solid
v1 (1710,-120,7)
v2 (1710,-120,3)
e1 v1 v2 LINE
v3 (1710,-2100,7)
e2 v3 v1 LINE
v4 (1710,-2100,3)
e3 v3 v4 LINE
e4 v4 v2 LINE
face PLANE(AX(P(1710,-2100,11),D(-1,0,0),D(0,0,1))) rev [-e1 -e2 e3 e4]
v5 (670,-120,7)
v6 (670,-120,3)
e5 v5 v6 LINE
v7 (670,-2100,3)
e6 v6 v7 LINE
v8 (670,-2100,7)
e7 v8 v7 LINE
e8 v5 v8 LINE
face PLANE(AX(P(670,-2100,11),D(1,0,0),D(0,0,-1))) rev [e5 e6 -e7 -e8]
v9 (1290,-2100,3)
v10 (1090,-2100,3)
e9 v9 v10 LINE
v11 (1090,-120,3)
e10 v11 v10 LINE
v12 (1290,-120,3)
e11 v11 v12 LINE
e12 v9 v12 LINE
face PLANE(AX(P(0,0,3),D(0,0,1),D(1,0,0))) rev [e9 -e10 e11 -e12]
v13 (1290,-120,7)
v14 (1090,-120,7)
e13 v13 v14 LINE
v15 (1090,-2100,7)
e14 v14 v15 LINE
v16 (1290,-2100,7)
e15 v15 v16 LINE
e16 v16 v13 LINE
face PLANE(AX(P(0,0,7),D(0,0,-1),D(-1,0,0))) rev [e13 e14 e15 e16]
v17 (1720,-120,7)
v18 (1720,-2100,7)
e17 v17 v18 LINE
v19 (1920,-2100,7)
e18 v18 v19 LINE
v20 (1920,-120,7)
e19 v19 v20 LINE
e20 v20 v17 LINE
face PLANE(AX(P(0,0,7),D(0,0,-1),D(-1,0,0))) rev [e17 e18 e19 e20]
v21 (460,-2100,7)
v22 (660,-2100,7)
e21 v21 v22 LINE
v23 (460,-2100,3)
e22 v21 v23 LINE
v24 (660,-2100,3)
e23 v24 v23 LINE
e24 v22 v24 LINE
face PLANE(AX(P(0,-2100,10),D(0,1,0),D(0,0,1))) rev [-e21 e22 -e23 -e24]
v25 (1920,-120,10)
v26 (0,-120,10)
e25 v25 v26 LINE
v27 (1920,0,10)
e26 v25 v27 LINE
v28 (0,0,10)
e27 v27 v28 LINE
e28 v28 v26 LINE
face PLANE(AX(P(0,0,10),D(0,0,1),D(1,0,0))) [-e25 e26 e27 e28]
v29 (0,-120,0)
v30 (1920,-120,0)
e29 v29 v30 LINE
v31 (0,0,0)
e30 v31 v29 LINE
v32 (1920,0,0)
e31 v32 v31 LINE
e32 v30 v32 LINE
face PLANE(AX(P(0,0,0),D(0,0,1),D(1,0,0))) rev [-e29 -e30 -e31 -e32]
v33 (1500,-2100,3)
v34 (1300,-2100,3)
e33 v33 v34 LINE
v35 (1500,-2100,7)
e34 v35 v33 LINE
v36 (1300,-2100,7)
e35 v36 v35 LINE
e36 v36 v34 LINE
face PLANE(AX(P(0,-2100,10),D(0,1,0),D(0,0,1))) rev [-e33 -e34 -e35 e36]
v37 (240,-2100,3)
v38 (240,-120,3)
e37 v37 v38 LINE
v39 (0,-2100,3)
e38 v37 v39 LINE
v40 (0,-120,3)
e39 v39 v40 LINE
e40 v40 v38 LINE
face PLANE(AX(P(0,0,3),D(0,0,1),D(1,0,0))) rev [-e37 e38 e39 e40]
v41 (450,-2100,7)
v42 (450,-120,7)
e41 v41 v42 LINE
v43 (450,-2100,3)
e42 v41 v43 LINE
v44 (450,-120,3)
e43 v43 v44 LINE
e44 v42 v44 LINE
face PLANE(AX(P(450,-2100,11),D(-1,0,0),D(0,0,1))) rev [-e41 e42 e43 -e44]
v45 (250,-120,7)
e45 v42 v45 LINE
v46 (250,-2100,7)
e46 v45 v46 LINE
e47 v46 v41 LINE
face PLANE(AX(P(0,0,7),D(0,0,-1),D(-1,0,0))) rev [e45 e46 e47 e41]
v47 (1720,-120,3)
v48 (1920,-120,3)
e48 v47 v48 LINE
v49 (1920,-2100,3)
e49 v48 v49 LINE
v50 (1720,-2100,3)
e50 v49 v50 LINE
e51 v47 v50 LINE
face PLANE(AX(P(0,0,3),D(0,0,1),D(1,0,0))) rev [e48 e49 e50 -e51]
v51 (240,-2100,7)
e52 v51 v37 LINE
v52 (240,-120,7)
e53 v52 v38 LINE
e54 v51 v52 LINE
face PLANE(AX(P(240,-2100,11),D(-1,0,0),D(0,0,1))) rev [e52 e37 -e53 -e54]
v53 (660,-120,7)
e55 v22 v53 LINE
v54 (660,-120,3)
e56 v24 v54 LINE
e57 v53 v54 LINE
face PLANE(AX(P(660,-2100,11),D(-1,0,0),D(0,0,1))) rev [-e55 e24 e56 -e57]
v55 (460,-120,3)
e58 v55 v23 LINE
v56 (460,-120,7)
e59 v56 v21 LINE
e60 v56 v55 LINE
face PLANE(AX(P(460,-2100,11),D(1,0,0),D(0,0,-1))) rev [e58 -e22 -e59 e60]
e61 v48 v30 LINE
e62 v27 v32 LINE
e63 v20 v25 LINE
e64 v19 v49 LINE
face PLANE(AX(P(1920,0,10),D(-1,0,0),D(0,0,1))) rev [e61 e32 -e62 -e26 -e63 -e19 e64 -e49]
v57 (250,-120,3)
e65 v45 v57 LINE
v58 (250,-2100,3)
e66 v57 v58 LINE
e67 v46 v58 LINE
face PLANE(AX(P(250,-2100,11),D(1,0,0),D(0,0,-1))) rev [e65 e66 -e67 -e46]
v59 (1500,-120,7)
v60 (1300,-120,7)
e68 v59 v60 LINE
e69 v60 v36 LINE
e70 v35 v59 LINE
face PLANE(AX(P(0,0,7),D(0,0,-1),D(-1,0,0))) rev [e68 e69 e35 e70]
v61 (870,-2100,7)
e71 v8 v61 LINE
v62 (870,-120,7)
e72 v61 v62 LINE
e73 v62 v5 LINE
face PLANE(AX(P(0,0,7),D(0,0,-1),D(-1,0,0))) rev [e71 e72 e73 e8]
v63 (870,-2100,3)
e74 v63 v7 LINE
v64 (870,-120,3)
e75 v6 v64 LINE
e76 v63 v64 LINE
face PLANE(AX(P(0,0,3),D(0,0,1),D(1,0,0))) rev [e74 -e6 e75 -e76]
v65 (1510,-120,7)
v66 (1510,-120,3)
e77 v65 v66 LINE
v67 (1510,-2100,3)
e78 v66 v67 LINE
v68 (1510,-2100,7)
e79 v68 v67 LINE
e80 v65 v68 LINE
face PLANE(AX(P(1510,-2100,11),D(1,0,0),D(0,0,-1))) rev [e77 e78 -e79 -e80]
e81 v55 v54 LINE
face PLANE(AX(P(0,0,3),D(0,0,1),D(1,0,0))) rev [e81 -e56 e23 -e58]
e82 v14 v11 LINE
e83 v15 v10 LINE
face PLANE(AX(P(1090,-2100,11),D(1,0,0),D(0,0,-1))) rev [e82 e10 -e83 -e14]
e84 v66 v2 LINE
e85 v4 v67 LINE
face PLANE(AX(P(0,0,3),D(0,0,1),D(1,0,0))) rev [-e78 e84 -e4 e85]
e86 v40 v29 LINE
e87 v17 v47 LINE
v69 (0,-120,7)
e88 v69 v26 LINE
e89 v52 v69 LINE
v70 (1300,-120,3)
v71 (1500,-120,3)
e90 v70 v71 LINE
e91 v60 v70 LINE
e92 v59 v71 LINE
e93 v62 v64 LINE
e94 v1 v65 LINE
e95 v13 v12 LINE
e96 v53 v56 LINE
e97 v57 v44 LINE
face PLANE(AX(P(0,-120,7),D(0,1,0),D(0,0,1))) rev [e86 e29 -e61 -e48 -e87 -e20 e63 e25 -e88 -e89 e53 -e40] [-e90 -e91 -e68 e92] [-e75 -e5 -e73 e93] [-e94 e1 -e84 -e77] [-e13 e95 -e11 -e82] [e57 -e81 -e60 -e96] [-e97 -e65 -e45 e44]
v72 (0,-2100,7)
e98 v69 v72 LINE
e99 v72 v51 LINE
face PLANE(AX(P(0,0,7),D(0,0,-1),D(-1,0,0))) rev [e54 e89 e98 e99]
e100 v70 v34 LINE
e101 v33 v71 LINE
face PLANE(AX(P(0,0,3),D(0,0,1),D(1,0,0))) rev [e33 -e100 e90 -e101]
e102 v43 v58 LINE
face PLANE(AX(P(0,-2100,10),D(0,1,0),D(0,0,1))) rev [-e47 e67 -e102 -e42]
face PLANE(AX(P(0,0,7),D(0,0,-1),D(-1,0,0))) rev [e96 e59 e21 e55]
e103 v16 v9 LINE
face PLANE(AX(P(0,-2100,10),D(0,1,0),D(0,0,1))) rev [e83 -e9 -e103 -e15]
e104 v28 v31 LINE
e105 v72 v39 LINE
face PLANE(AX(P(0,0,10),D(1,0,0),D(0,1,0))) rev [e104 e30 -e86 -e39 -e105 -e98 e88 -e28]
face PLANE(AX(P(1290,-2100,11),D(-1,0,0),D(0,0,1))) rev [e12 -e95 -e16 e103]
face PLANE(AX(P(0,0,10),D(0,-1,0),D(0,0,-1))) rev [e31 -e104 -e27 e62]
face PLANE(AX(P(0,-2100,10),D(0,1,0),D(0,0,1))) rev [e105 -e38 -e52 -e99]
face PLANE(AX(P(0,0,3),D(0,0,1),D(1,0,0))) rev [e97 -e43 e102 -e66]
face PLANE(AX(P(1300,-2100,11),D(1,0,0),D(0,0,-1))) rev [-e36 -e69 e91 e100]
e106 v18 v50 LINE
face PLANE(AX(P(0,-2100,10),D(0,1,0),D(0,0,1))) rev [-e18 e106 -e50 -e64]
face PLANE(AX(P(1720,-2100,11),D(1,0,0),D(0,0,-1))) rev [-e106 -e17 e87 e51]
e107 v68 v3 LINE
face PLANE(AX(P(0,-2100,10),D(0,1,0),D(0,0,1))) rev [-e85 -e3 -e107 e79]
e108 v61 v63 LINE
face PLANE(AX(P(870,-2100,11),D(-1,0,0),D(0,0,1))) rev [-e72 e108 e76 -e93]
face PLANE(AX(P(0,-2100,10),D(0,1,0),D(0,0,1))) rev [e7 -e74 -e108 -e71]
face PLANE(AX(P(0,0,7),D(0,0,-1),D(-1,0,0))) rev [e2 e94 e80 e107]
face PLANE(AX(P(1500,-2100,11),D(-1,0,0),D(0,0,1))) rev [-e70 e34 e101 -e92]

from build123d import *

# Parameters (mm, degrees)
CROQUIS1_W              = 1920
CROQUIS1_H              = 2100
SALIENTE_EXTRUIR1_DEPTH = 10
CROQUIS2_W              = 1920
CROQUIS2_H              = 1980
CORTAR_EXTRUIR1_DEPTH   = 3
CROQUIS3_W              = 1920
CROQUIS3_H              = 1980
CORTAR_EXTRUIR2_DEPTH   = 3
CROQUIS4_W              = 10
CROQUIS4_H              = 1980
CORTAR_EXTRUIR3_DEPTH   = 8
MATRIZL1_COUNT          = 8
MATRIZL1_PITCH          = 210
CROQUIS5_W              = 200
CROQUIS5_H              = 1980
CORTAR_EXTRUIR4_DEPTH   = 10


with BuildPart() as part:
    # Croquis1 → Saliente-Extruir1 (new body)
    with BuildSketch(Plane.XY):
        with Locations((960, -1050)):
            Rectangle(CROQUIS1_W, CROQUIS1_H)
    extrude(amount=SALIENTE_EXTRUIR1_DEPTH)

    # Croquis2 → Cortar-Extruir1 (cut)
    with BuildSketch(Plane.XY.offset(10)):
        with Locations((960, -1110)):
            Rectangle(CROQUIS2_W, CROQUIS2_H)
    extrude(amount=-CORTAR_EXTRUIR1_DEPTH, mode=Mode.SUBTRACT)

    # Croquis3 → Cortar-Extruir2 (cut)
    with BuildSketch(Plane(origin=(0, 0, 0), x_dir=(-1, 0, 0), z_dir=(0, 0, -1))):
        with Locations((-960, -1110)):
            Rectangle(CROQUIS3_W, CROQUIS3_H)
    extrude(amount=-CORTAR_EXTRUIR2_DEPTH, mode=Mode.SUBTRACT)

    # Croquis4 → Cortar-Extruir3 (cut)
    with BuildSketch(Plane(origin=(0, 0, 3), x_dir=(-1, 0, 0), z_dir=(0, 0, -1))):
        with Locations((-1715, -1110)):
            Rectangle(CROQUIS4_W, CROQUIS4_H)
    cortar_extruir3 = extrude(amount=-CORTAR_EXTRUIR3_DEPTH, mode=Mode.SUBTRACT)

    # MatrizL1: Cortar-Extruir3 ×8
    with Locations(*[(-i * MATRIZL1_PITCH, 0, 0) for i in range(1, MATRIZL1_COUNT)]):
        add(cortar_extruir3, mode=Mode.SUBTRACT)

    # Croquis5 → Cortar-Extruir4 (cut)
    with BuildSketch(Plane(origin=(0, 0, 3), x_dir=(-1, 0, 0), z_dir=(0, 0, -1))):
        with Locations((-980, -1110)):
            Rectangle(CROQUIS5_W, CROQUIS5_H)
    extrude(amount=-CORTAR_EXTRUIR4_DEPTH, mode=Mode.SUBTRACT)


solid = part.part
